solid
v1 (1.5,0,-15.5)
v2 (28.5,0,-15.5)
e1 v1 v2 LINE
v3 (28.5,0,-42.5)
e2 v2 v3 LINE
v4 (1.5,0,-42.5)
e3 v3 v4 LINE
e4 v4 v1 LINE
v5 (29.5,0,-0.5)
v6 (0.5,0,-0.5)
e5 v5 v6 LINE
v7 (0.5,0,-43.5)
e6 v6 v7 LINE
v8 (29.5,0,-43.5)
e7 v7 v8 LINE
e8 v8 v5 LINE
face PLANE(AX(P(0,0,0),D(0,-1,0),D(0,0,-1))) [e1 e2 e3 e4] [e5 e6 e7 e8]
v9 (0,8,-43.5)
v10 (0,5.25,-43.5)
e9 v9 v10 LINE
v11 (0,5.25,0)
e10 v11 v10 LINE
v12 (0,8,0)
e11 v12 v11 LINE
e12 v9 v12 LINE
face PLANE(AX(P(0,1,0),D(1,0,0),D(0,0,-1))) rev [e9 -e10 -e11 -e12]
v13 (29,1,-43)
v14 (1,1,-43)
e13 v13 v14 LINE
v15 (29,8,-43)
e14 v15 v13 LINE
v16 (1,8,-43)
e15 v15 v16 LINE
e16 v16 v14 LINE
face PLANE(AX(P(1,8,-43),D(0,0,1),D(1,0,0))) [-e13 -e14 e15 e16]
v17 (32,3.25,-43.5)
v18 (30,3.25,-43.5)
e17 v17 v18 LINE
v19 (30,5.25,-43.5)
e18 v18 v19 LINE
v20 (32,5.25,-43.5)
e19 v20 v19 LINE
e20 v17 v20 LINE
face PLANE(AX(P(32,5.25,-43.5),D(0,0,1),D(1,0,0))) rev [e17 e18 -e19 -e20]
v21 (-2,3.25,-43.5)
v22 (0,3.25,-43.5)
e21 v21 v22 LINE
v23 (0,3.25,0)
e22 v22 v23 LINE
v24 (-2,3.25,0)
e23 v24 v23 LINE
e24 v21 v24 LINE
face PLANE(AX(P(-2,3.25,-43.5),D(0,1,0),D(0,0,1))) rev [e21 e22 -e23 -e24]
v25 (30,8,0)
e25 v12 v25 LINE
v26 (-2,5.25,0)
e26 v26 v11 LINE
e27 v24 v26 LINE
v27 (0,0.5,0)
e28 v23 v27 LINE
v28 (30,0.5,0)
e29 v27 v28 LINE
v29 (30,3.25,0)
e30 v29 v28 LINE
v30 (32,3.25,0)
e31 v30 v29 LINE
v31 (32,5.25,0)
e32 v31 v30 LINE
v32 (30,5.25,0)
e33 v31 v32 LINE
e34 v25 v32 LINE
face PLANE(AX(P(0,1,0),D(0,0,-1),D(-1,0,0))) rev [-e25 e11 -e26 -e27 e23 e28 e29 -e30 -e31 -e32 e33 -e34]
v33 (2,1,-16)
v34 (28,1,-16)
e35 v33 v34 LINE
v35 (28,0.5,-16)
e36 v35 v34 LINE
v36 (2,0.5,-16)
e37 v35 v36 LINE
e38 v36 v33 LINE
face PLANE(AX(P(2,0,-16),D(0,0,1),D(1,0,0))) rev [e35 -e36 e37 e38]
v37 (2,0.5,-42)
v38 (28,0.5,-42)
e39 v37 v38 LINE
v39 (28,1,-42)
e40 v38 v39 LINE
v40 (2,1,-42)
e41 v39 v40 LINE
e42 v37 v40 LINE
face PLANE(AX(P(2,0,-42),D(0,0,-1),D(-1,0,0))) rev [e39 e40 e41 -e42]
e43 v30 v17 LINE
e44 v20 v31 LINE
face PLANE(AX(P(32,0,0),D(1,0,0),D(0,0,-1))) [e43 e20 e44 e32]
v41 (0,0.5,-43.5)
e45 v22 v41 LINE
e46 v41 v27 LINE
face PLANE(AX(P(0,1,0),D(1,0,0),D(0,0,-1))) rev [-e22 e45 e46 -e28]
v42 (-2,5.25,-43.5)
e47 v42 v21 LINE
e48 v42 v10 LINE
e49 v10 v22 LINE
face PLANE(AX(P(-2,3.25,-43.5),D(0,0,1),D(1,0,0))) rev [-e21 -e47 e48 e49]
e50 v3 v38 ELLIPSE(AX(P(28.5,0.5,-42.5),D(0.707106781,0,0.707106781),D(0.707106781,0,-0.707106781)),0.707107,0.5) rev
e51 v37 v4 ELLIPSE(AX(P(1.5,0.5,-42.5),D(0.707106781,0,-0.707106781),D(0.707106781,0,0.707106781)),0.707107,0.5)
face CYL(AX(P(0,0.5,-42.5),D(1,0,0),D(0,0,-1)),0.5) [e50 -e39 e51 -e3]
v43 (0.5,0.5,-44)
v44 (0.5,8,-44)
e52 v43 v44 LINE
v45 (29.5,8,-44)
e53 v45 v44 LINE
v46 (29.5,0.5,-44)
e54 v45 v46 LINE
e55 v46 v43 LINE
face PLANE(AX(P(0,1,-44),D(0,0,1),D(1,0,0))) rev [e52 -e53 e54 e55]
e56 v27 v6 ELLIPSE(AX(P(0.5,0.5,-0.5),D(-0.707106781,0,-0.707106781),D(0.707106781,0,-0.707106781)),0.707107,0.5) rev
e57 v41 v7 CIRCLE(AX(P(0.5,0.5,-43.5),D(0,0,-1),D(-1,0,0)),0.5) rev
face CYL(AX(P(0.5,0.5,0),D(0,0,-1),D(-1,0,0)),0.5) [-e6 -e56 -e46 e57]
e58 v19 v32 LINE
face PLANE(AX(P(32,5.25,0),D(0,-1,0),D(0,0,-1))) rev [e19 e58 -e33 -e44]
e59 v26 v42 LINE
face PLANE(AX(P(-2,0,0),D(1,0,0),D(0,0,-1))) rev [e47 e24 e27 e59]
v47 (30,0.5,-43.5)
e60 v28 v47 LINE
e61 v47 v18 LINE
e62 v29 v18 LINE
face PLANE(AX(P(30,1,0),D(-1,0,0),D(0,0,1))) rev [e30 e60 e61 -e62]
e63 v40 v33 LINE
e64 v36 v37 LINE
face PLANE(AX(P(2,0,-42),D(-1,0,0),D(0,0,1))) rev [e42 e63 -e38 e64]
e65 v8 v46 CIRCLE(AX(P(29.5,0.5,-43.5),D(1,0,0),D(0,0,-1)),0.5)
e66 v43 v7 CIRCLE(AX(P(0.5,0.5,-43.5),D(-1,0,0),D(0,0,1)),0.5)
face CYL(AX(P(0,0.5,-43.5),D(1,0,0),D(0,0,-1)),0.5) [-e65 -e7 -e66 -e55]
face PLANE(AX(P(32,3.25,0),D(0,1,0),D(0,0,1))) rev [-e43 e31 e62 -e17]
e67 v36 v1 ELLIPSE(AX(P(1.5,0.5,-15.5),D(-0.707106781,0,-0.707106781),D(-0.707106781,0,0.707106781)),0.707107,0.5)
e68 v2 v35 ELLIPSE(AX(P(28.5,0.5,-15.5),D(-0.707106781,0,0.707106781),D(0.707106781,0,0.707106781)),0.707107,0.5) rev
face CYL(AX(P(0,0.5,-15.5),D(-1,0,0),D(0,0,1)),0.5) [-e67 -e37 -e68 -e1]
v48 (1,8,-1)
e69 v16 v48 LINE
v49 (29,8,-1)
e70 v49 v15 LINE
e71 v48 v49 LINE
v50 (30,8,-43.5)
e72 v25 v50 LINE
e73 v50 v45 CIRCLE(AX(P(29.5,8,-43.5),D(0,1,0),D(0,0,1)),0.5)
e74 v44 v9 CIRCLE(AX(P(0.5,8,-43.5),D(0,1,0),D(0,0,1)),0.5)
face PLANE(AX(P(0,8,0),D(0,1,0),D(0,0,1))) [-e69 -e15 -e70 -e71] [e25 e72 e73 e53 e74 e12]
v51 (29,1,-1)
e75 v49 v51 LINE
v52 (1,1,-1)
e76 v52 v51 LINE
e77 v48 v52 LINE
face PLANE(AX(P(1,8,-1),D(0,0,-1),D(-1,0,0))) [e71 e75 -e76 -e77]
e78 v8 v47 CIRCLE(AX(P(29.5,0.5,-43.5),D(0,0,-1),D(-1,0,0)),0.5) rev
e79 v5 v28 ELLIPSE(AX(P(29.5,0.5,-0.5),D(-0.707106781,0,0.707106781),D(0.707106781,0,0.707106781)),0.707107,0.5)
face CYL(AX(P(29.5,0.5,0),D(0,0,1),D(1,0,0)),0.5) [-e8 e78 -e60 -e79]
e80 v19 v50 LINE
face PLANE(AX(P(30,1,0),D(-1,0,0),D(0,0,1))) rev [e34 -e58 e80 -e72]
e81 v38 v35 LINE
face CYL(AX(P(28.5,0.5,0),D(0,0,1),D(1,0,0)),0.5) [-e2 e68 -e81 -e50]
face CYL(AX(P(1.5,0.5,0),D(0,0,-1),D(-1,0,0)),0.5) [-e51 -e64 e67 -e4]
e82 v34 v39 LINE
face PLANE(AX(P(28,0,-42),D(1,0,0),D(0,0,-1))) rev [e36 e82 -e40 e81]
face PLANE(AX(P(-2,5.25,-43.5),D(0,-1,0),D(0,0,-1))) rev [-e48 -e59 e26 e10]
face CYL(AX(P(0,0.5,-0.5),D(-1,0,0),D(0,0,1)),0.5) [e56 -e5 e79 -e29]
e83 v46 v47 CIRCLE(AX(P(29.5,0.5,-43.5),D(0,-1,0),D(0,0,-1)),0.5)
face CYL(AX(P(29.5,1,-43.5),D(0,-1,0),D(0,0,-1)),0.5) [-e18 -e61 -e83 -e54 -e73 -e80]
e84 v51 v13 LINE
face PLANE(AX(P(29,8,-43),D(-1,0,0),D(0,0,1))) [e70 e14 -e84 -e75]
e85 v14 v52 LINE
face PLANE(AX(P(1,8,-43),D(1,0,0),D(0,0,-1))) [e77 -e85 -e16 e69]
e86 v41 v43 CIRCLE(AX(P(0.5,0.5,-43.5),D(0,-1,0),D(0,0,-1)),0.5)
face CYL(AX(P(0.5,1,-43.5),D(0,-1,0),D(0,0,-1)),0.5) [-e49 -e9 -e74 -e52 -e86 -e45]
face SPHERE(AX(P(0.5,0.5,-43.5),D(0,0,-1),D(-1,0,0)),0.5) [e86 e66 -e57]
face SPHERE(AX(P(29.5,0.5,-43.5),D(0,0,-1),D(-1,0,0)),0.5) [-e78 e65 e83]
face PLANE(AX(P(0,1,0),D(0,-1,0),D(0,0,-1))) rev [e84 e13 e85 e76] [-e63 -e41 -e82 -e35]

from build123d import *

# Parameters (mm, degrees)
SKETCH1_W           = 30
SKETCH1_H           = 44
BOSS_EXTRUDE3_DEPTH = 1
SKETCH3_W           = 26
SKETCH3_H           = 26
CUT_EXTRUDE1_DEPTH  = 1
SKETCH4_W           = 30
SKETCH4_H           = 44
SKETCH4_W_2         = 28
SKETCH4_H_2         = 42
BOSS_EXTRUDE4_DEPTH = 7
FILLET1_R           = 0.5
SKETCH5_W           = 43.5
SKETCH5_H           = 2
BOSS_EXTRUDE5_DEPTH = 2
SKETCH6_W           = 43.5
SKETCH6_H           = 2
BOSS_EXTRUDE6_DEPTH = 2


with BuildPart() as part:
    # Sketch1 → Boss-Extrude3 (new body)
    with BuildSketch(Plane(origin=(0, 0, 0), x_dir=(1, 0, 0), z_dir=(0, 1, 0))):
        with Locations((15, 22)):
            Rectangle(SKETCH1_W, SKETCH1_H)
    extrude(amount=BOSS_EXTRUDE3_DEPTH)

    # Sketch3 → Cut-Extrude1 (cut)
    with BuildSketch(Plane(origin=(0, 1, 0), x_dir=(1, 0, 0), z_dir=(0, 1, 0))):
        with Locations((15, 29)):
            Rectangle(SKETCH3_W, SKETCH3_H)
    extrude(amount=-CUT_EXTRUDE1_DEPTH, mode=Mode.SUBTRACT)

    # Sketch4 → Boss-Extrude4 (add)
    with BuildSketch(Plane(origin=(0, 1, 0), x_dir=(1, 0, 0), z_dir=(0, 1, 0))):
        with Locations((15, 22)):
            Rectangle(SKETCH4_W, SKETCH4_H)
        with Locations((15, 22)):
            Rectangle(SKETCH4_W_2, SKETCH4_H_2, mode=Mode.SUBTRACT)
    extrude(amount=BOSS_EXTRUDE4_DEPTH)

    # Fillet1
    fillet1_edges = [part.edges().sort_by_distance(p)[0] for p in [
        (2, 0, -29),
        (15, 0, -42),
        (28, 0, -29),
        (15, 0, -16),
        (15, 0, -44),
        (30, 0, -22),
        (15, 0, 0),
        (0, 0, -22),
        (0, 4, -44),
        (30, 4, -44),
    ]]
    fillet(fillet1_edges, radius=FILLET1_R)

    # Sketch5 → Boss-Extrude5 (add)
    with BuildSketch(Plane.ZY):
        with Locations((-21.75, 4.25)):
            Rectangle(SKETCH5_W, SKETCH5_H)
    extrude(amount=BOSS_EXTRUDE5_DEPTH)

    # Sketch6 → Boss-Extrude6 (add)
    with BuildSketch(Plane(origin=(30, 0, 0), x_dir=(0, 0, -1), z_dir=(1, 0, 0))):
        with Locations((21.75, 4.25)):
            Rectangle(SKETCH6_W, SKETCH6_H)
    extrude(amount=BOSS_EXTRUDE6_DEPTH)


solid = part.part
